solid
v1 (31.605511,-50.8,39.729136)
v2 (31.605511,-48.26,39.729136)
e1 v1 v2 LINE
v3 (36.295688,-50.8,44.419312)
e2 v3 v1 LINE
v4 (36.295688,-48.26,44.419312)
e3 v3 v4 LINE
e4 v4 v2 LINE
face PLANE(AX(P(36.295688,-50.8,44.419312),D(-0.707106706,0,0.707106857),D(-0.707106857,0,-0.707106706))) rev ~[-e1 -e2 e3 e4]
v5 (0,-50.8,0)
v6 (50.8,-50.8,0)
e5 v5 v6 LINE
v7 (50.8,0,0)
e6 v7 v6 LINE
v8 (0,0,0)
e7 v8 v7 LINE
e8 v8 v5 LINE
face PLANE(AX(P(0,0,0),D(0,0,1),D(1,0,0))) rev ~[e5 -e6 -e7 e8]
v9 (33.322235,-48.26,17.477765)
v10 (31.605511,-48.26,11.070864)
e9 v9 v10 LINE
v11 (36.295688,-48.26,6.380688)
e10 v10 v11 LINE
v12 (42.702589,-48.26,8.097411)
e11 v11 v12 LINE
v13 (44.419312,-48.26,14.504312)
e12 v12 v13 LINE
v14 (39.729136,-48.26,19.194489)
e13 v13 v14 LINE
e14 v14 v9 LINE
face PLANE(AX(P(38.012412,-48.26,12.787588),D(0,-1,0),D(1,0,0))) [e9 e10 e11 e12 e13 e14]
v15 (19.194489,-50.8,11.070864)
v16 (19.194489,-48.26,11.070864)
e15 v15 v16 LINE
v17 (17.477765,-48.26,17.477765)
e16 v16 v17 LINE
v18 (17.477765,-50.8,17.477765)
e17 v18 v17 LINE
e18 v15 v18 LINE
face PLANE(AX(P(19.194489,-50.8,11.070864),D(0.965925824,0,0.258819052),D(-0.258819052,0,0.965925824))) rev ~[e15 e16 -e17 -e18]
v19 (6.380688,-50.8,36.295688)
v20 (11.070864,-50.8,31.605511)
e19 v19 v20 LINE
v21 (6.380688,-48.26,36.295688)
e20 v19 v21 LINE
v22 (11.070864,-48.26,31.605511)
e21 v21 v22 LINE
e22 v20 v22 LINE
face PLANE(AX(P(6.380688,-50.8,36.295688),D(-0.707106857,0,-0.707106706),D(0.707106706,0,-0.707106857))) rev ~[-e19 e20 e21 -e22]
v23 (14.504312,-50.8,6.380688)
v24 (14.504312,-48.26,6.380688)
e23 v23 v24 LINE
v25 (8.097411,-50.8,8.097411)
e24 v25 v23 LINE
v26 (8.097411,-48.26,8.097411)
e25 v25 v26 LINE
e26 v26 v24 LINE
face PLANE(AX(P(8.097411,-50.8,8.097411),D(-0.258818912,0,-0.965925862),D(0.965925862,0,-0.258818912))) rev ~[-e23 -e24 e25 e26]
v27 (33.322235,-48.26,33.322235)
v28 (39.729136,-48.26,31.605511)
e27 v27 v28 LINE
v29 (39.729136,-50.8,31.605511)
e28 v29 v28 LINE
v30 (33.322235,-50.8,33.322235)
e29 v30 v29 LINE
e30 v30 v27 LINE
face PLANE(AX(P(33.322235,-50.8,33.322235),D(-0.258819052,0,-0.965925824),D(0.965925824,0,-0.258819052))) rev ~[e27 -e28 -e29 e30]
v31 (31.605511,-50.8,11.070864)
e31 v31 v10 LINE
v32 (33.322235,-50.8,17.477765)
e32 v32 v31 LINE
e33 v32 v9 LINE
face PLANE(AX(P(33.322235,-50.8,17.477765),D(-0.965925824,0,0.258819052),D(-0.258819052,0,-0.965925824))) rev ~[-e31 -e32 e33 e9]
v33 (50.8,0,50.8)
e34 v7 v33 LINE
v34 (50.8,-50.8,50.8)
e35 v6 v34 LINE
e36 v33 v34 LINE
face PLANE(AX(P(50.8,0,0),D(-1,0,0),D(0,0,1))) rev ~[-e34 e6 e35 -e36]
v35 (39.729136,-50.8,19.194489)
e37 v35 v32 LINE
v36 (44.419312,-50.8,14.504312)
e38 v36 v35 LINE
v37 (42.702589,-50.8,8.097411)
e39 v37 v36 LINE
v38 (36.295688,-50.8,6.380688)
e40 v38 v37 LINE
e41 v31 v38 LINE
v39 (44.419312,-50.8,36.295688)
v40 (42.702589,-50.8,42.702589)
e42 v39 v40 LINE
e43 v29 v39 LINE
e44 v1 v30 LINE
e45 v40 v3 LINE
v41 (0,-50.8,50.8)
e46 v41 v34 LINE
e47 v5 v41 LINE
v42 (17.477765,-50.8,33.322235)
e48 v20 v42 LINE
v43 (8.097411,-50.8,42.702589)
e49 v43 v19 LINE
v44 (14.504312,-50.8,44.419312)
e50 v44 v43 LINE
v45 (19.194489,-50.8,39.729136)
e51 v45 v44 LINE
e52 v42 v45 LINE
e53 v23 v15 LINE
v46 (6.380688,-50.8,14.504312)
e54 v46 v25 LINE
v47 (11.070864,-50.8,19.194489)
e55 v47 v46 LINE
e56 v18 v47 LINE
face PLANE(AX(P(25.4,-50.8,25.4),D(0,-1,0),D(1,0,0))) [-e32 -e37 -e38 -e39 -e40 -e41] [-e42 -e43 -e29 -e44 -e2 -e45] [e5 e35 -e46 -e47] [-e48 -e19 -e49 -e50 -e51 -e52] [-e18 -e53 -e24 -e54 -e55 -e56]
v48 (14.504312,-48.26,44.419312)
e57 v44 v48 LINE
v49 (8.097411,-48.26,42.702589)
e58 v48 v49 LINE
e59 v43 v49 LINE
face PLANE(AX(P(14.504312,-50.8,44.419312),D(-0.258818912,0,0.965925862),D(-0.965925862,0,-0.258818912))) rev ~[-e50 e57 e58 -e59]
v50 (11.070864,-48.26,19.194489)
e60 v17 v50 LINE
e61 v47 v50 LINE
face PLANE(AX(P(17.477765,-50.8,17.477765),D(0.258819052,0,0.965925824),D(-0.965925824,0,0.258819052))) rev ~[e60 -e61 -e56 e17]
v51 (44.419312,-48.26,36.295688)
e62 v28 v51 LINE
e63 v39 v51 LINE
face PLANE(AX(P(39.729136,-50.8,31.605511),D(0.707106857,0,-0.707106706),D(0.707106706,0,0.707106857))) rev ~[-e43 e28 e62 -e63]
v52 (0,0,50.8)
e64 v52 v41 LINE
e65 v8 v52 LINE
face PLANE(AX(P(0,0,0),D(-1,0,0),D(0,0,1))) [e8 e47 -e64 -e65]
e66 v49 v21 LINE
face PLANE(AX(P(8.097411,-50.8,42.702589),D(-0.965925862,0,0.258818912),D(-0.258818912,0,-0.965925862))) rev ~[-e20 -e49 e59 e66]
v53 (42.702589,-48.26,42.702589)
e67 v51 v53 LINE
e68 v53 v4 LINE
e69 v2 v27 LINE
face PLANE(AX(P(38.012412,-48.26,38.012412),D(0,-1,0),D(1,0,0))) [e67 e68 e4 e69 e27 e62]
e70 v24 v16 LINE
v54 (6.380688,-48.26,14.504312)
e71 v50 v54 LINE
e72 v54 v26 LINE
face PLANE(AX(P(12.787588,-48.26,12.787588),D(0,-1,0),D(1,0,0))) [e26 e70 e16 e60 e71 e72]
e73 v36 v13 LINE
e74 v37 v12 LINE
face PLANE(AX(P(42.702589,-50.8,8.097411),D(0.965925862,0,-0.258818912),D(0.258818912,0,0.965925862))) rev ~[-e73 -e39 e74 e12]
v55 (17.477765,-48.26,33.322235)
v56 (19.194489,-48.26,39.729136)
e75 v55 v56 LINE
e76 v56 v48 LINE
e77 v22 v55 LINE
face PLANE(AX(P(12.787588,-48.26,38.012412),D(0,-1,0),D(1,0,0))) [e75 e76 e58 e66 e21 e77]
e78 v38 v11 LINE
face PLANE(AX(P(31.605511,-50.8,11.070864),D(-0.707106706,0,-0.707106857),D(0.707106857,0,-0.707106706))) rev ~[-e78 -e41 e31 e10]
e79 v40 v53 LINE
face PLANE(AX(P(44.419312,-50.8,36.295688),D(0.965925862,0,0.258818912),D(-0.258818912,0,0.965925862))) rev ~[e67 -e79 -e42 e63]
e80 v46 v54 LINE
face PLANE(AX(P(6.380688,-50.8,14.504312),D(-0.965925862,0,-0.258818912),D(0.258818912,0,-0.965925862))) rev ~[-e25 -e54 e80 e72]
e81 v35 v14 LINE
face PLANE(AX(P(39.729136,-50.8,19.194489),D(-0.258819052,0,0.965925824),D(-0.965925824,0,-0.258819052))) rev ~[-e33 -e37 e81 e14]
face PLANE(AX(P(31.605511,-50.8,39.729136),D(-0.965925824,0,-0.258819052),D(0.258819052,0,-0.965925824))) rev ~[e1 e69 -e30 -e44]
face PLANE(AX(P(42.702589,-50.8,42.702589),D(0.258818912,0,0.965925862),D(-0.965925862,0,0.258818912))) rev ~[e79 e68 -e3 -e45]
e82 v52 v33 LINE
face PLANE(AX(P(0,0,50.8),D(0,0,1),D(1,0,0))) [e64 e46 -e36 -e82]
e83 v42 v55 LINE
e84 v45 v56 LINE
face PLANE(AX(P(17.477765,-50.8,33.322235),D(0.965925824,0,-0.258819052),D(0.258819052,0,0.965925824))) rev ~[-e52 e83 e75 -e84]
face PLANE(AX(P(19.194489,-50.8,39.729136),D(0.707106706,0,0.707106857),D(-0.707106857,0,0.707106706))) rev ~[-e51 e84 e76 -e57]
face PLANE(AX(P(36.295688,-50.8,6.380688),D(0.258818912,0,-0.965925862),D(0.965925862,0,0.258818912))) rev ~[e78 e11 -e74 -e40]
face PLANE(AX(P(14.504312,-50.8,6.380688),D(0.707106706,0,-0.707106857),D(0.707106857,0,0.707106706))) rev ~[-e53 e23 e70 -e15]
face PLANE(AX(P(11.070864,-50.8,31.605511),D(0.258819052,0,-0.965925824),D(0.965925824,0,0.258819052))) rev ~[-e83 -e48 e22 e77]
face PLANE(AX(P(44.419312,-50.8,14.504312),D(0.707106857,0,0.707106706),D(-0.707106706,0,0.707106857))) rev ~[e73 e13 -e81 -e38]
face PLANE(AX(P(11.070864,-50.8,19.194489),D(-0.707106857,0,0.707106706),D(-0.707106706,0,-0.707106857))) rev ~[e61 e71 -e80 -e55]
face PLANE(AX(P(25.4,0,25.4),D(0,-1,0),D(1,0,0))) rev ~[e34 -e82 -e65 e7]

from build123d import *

# Parameters (mm, degrees)
F0_W     = 50.8
F0_H     = 50.8
F1_DEPTH = 50.8
F3_DEPTH = 2.54


with BuildPart() as f1:
    # F0 (on Front) → F1 (new body)
    with BuildSketch(Plane.XZ):
        with Locations((25.4, 25.4)):
            Rectangle(F0_W, F0_H)
    extrude(amount=F1_DEPTH)

    # F2 (on face) → F3 (cut)
    with BuildSketch(Plane.XZ.offset(50.8)):
        Polygon((19.194489, 39.729136), (14.504312, 44.419312), (8.097411, 42.702589), (6.380688, 36.295688), (11.070864, 31.605511), (17.477765, 33.322235), align=None)
        Polygon((44.419312, 36.295688), (42.702589, 42.702589), (36.295688, 44.419312), (31.605511, 39.729136), (33.322235, 33.322235), (39.729136, 31.605511), align=None)
        Polygon((14.504312, 6.380688), (19.194489, 11.070864), (17.477765, 17.477765), (11.070864, 19.194489), (6.380688, 14.504312), (8.097411, 8.097411), align=None)
        Polygon((33.322235, 17.477765), (31.605511, 11.070864), (36.295688, 6.380688), (42.702589, 8.097411), (44.419312, 14.504312), (39.729136, 19.194489), align=None)
    extrude(amount=-F3_DEPTH, mode=Mode.SUBTRACT)


solid = f1.part
